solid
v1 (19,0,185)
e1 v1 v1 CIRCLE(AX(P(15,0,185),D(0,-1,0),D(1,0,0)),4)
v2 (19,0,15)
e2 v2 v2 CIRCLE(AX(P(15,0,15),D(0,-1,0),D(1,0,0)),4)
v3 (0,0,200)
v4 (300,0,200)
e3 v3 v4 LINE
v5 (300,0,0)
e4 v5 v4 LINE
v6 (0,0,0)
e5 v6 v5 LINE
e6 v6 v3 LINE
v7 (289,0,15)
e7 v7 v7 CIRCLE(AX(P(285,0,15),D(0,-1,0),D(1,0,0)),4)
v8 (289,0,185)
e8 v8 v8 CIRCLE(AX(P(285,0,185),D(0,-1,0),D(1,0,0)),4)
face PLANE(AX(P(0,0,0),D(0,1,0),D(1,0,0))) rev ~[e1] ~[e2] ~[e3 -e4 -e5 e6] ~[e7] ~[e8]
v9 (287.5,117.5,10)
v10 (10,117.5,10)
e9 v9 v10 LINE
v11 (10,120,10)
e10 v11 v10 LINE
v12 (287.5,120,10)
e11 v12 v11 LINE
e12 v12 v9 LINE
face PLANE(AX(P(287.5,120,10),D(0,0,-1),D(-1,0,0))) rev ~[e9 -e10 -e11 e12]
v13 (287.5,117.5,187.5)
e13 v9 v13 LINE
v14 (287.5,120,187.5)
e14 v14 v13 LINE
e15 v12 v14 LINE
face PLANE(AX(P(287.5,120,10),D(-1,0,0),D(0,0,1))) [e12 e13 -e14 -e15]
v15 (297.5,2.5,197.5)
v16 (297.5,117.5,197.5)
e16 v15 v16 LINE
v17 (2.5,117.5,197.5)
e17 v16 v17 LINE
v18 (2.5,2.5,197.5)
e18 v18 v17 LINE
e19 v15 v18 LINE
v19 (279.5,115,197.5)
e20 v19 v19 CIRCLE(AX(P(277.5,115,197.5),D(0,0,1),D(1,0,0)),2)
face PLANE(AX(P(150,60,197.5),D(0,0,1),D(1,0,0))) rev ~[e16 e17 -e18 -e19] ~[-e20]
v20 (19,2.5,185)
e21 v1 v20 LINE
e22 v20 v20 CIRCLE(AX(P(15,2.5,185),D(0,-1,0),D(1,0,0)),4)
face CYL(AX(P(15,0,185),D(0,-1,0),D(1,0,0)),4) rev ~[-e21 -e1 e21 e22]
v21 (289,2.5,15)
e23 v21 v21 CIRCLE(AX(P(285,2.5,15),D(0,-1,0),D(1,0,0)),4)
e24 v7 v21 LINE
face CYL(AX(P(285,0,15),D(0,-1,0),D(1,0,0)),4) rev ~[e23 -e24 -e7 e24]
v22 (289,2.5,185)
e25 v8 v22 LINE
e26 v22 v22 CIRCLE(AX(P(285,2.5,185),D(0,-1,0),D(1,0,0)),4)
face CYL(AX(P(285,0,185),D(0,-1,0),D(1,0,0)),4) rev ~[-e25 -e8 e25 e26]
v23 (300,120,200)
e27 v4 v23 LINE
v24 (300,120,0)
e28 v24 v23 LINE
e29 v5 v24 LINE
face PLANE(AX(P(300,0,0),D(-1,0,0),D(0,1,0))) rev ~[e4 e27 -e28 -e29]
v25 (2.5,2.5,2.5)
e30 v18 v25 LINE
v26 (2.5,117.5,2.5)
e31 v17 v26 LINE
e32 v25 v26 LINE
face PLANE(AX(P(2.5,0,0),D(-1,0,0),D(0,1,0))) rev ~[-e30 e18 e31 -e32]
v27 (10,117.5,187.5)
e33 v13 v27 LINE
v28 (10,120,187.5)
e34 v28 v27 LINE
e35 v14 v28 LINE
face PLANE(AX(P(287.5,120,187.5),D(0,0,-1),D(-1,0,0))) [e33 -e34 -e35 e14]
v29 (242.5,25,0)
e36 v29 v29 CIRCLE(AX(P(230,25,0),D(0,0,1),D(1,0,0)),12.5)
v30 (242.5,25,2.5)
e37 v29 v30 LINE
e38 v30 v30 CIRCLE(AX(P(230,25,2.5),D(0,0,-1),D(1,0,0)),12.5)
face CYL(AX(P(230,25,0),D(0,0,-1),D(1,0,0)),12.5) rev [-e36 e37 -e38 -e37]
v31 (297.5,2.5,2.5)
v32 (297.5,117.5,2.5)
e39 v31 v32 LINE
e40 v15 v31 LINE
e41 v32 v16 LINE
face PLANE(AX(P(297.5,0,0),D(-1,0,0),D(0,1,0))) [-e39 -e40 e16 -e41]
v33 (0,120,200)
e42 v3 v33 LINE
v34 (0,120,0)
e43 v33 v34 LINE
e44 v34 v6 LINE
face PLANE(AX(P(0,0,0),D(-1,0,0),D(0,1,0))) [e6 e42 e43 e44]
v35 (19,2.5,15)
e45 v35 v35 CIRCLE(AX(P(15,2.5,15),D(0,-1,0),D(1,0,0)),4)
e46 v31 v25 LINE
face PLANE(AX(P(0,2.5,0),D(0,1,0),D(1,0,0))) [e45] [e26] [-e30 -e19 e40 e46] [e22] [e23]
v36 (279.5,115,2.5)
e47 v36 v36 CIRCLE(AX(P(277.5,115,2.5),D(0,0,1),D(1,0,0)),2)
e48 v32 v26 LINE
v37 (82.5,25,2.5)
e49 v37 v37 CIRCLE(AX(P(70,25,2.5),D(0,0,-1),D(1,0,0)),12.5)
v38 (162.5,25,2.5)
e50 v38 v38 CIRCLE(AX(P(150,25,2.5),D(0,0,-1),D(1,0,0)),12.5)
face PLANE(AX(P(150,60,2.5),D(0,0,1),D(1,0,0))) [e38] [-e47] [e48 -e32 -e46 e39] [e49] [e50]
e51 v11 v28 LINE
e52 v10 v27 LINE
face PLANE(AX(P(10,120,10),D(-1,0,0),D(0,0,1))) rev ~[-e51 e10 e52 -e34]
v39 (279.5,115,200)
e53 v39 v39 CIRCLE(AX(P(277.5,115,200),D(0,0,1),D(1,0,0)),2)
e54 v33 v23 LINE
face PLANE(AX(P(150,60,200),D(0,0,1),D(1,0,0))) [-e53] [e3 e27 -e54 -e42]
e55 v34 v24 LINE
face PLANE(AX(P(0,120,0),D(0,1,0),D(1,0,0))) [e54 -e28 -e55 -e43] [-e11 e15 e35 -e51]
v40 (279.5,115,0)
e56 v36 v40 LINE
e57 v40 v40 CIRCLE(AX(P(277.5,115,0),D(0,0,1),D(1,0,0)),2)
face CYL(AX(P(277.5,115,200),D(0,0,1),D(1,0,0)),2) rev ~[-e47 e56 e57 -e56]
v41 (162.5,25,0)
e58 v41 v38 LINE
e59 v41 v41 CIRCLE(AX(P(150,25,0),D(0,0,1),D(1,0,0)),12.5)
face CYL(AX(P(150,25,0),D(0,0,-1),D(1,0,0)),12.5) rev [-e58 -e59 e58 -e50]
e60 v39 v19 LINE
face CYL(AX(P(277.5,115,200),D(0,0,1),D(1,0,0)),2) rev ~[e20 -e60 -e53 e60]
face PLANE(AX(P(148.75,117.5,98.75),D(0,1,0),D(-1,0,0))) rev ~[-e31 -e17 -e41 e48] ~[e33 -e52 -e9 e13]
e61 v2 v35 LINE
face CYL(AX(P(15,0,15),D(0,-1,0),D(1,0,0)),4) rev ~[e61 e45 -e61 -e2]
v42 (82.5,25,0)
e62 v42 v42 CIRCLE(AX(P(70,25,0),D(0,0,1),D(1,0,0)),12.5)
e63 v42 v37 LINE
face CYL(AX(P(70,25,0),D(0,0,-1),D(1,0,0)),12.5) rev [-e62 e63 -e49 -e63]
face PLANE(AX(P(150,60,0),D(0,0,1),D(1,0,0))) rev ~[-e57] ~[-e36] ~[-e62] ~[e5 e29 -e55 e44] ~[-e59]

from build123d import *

# Parameters (mm, degrees)
F0_W      = 300
F0_H      = 120
F1_DEPTH  = 200
F2_T      = -2.5
F3_W      = 297.5
F3_H      = 197.5
F3_W_2    = 277.5
F3_H_2    = 177.5
F4_DEPTH  = 2.5
F5_R      = 2
F6_DEPTH  = 200.001
F7_R      = 4
F8_DEPTH  = 2.5
F9_R      = 12.5
F10_DEPTH = 25


with BuildPart() as f1:
    # F0 (on Top) → F1 (new body)
    with BuildSketch(Plane.XY):
        with Locations((150, 60)):
            Rectangle(F0_W, F0_H)
    extrude(amount=F1_DEPTH)

    # F2
    f2_openings = [f1.faces().sort_by_distance(p)[0] for p in [
        (150, 120, 100),
    ]]
    offset(amount=F2_T, openings=f2_openings)

    # F3 (on face) → F4 (join)
    with BuildSketch(Plane(origin=(0, 120, 0), x_dir=(-1, 0, 0), z_dir=(0, 1, 0))):
        with Locations((-148.75, 98.75)):
            Rectangle(F3_W, F3_H)
        with Locations((-148.75, 98.75)):
            Rectangle(F3_W_2, F3_H_2, mode=Mode.SUBTRACT)
    extrude(amount=-F4_DEPTH)

    # F5 (on face) → F6 (cut, through all)
    with BuildSketch(Plane.XY.offset(200)):
        with Locations((277.5, 115)):
            Circle(F5_R)
    extrude(amount=-F6_DEPTH, mode=Mode.SUBTRACT)

    # F7 (on face) → F8 (cut)
    with BuildSketch(Plane.XZ):
        with Locations((285, 185)):
            Circle(F7_R)
        with Locations((285, 15)):
            Circle(F7_R)
        with Locations((15, 185)):
            Circle(F7_R)
        with Locations((15, 15)):
            Circle(F7_R)
    extrude(amount=-F8_DEPTH, mode=Mode.SUBTRACT)

    # F9 (on face) → F10 (cut)
    with BuildSketch(Plane.XY):
        with Locations((70, 25)):
            Circle(F9_R)
        with Locations((150, 25)):
            Circle(F9_R)
        with Locations((230, 25)):
            Circle(F9_R)
    extrude(amount=F10_DEPTH, mode=Mode.SUBTRACT)


solid = f1.part
